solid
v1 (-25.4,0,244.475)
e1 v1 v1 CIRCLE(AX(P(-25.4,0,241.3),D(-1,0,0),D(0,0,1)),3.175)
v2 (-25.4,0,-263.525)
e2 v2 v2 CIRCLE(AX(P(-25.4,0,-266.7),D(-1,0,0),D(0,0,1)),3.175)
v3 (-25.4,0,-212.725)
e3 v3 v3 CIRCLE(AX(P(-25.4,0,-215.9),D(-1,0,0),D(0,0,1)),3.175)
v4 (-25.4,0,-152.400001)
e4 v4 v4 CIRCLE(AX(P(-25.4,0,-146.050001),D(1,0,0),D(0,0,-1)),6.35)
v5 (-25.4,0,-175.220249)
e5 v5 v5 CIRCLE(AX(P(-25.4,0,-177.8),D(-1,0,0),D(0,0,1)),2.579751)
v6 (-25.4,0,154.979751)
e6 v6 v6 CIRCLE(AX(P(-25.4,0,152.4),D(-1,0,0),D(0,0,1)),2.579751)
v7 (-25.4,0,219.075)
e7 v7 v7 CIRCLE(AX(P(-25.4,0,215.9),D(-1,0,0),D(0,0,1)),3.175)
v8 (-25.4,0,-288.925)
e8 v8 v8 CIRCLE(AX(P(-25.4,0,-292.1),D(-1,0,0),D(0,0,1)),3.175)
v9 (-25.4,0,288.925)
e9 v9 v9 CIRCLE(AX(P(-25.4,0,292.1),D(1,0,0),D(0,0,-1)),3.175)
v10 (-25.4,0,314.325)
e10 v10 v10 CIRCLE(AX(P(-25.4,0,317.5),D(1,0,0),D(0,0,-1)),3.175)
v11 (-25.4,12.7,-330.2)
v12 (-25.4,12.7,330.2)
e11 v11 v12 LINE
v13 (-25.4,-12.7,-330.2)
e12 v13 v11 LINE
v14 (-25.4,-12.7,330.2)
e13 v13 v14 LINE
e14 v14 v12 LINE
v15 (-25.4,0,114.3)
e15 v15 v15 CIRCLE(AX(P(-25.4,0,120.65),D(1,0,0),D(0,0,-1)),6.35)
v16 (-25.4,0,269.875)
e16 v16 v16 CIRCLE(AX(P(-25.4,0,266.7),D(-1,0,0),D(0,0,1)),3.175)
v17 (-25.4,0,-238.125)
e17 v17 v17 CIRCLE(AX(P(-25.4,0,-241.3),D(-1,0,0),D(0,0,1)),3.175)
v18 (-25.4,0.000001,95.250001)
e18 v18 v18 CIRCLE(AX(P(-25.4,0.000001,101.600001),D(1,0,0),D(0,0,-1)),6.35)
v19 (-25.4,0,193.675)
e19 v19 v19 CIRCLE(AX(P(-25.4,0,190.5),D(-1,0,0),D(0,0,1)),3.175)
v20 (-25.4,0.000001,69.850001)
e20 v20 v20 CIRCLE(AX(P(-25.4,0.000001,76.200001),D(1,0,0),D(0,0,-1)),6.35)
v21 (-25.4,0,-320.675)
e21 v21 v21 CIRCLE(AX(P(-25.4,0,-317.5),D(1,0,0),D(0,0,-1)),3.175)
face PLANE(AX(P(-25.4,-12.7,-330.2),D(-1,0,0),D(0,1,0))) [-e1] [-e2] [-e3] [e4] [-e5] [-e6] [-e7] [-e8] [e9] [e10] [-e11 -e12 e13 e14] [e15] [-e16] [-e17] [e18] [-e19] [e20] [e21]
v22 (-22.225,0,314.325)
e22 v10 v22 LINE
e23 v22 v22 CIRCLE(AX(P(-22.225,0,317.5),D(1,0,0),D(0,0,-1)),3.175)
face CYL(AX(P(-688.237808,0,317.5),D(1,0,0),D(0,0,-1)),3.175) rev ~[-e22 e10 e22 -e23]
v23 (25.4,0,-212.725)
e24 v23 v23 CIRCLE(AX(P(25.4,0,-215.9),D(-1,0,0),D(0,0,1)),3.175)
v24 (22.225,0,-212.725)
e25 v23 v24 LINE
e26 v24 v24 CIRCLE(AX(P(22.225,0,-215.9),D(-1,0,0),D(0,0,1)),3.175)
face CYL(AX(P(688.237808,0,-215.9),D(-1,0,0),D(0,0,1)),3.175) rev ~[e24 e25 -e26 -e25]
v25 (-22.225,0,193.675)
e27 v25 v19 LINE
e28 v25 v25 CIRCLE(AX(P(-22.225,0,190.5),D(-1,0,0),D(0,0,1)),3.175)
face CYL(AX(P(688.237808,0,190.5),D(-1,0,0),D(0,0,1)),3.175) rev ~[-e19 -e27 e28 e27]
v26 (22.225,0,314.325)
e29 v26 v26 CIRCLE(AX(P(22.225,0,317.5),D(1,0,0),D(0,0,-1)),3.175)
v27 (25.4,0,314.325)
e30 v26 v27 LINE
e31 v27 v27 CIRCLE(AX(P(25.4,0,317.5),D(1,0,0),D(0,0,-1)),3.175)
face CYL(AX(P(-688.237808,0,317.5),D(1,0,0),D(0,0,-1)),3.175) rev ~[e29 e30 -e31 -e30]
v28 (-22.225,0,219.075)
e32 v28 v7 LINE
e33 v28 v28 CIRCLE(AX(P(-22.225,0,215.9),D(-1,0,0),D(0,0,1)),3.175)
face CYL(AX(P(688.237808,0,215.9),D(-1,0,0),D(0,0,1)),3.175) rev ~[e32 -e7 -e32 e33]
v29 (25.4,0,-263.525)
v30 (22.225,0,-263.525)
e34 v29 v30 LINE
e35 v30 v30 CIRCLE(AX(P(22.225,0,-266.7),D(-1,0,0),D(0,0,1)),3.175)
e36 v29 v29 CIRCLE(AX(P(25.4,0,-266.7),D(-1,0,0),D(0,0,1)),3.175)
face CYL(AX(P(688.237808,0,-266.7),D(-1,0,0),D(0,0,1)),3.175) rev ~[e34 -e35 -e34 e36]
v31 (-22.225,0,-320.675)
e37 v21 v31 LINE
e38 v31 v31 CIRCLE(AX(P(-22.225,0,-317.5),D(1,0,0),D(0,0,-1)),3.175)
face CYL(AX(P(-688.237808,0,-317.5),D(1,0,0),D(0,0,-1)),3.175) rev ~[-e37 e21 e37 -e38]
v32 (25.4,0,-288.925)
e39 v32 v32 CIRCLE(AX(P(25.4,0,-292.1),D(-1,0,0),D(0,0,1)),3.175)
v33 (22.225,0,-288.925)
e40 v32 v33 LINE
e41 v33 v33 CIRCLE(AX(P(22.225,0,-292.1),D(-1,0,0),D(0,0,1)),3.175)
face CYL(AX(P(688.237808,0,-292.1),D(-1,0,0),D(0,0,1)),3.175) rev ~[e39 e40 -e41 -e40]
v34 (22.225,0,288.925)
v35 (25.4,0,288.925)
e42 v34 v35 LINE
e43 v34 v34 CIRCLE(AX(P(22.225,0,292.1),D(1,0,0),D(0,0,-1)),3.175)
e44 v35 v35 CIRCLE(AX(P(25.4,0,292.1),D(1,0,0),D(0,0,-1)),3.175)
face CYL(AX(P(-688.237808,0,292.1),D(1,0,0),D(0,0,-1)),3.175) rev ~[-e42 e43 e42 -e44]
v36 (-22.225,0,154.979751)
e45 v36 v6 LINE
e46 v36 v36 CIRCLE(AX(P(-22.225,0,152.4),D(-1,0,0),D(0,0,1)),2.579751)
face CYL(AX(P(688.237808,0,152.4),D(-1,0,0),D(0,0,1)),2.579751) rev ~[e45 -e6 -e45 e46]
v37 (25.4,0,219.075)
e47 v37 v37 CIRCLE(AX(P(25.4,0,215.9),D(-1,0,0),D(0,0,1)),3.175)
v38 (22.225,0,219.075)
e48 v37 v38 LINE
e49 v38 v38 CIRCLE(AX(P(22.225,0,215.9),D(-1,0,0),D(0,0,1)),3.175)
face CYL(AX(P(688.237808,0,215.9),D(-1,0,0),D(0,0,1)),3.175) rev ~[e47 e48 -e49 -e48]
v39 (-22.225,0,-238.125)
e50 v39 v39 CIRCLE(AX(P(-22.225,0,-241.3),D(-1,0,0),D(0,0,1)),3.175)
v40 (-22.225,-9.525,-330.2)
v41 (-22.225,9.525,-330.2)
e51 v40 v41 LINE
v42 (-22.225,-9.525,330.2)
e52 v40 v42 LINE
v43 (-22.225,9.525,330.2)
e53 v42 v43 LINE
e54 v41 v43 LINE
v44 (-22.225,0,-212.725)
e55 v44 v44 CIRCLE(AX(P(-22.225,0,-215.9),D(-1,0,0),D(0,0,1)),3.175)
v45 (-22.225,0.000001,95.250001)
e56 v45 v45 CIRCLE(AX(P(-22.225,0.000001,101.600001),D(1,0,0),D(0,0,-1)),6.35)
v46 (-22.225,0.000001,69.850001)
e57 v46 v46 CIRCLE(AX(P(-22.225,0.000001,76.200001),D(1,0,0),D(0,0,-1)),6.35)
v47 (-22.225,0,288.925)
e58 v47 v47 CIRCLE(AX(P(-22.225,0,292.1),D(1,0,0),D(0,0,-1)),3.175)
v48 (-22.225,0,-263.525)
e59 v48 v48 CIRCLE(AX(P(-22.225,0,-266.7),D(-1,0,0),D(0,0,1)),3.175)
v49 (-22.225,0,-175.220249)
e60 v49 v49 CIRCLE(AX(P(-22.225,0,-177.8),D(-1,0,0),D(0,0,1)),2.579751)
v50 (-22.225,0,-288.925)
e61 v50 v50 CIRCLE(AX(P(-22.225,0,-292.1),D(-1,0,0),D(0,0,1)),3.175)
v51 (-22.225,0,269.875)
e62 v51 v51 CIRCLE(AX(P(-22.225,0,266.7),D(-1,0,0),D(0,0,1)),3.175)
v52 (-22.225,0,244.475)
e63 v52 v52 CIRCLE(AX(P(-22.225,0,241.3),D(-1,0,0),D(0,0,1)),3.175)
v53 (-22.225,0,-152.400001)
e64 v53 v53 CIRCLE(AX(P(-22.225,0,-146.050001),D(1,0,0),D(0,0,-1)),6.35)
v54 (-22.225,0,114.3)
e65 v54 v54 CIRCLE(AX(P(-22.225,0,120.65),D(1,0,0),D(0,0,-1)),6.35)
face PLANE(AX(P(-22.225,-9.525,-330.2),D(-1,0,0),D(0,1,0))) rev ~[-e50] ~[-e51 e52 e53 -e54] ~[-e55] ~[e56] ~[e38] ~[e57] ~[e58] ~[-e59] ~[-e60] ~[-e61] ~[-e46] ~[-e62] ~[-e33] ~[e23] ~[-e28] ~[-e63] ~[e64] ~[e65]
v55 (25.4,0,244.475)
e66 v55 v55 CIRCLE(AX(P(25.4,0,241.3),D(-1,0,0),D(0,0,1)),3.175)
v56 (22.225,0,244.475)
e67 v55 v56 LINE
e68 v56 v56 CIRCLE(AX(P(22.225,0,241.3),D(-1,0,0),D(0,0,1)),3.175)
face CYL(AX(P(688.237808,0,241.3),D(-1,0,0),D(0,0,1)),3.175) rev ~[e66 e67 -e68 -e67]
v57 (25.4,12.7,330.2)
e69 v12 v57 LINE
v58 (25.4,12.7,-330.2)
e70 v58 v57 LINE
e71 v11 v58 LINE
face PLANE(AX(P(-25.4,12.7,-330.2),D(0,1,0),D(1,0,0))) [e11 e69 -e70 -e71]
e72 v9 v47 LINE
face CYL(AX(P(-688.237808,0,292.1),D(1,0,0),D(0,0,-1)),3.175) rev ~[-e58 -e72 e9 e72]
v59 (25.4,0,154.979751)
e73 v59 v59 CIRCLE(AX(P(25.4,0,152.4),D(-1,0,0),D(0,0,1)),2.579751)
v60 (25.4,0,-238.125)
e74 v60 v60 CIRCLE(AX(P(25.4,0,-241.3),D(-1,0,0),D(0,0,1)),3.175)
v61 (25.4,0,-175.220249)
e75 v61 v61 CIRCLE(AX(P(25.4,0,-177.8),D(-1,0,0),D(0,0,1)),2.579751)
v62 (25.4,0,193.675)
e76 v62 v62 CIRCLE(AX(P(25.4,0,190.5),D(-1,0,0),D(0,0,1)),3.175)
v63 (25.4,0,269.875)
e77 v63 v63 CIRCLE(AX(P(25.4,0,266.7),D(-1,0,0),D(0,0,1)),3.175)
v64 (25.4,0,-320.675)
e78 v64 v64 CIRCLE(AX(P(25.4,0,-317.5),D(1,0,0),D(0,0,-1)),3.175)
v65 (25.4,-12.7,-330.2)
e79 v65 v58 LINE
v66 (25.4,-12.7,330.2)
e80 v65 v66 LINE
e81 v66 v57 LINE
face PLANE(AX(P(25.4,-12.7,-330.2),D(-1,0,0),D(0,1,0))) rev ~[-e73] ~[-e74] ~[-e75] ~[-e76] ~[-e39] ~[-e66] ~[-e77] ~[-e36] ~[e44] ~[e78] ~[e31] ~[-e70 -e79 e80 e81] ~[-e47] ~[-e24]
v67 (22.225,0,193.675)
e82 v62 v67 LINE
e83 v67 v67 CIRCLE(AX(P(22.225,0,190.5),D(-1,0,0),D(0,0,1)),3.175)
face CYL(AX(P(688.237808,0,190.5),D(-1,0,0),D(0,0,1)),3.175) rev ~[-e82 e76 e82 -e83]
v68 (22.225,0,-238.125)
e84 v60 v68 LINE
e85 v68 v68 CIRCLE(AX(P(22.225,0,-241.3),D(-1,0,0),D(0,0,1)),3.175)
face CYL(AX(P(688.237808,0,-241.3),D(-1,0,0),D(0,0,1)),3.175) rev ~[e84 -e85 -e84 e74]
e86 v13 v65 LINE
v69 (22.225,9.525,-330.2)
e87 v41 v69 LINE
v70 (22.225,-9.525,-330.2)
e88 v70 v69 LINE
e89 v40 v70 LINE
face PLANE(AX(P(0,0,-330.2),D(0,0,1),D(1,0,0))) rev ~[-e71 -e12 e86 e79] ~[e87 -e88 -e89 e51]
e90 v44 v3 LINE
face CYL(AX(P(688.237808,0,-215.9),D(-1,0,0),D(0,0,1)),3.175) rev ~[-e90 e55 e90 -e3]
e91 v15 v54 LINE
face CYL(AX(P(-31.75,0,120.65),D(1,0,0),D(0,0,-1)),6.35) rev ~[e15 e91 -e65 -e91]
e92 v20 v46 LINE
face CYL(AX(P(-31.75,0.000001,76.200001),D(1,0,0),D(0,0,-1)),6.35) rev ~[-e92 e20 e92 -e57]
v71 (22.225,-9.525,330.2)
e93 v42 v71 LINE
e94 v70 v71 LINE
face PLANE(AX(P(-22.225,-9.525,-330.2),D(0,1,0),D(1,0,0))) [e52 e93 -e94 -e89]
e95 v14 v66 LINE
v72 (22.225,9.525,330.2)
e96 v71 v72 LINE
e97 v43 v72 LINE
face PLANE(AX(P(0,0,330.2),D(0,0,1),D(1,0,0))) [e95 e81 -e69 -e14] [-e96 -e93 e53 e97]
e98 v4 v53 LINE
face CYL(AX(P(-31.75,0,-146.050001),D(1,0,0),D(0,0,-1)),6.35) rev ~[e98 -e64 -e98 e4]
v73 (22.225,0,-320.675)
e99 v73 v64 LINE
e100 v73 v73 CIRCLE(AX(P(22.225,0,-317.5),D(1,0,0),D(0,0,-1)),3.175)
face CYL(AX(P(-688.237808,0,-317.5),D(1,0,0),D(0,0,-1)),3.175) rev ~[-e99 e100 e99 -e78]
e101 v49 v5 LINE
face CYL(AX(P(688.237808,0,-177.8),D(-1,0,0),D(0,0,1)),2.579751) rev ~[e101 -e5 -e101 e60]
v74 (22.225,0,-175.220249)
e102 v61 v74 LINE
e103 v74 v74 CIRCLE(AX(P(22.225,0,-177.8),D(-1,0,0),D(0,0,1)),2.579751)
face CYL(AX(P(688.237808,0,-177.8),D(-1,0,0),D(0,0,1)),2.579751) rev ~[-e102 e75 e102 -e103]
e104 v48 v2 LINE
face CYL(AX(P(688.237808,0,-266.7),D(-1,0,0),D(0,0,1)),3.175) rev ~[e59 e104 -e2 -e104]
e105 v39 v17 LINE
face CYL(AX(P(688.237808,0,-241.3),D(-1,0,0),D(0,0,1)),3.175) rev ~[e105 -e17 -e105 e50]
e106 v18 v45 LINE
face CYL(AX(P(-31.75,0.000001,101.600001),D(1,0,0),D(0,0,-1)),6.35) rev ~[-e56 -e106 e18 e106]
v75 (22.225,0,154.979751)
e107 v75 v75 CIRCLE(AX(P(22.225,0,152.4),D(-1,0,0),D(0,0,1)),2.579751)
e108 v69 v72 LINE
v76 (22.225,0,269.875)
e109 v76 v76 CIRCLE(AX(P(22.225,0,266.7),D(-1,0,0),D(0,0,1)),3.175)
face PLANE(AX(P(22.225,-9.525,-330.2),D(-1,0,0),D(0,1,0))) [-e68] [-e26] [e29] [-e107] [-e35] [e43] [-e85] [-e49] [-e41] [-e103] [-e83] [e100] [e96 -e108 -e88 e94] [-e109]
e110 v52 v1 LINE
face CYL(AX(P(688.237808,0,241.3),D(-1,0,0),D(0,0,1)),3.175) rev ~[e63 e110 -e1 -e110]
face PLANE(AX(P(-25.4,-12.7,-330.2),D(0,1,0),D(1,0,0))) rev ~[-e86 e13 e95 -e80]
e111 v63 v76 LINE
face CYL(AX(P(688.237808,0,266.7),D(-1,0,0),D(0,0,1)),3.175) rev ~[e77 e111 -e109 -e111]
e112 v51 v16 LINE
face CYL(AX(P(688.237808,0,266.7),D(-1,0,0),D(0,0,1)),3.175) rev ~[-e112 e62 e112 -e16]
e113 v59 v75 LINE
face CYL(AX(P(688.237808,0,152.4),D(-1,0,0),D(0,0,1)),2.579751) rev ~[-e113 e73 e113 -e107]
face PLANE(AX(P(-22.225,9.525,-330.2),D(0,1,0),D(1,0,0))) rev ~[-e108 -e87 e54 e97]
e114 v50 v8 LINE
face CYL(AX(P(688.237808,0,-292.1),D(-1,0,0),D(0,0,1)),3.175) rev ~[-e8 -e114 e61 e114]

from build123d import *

# Parameters (mm, degrees)
BOSS_EXTRUDE1_DEPTH              = 330.2
BOSS_EXTRUDE1_DEPTH_BACK         = 330.2
SKETCH3_W                        = 50.8
SKETCH3_H                        = 25.4
SKETCH3_W_2                      = 44.45
SKETCH3_H_2                      = 19.05
F_1_4_0_25_DIAMETER_HOLE3_D      = 6.35
F_1_4_0_25_DIAMETER_HOLE4_D      = 6.35
F_1_4_0_25_DIAMETER_HOLE5_D      = 6.35
F_1_4_0_25_DIAMETER_HOLE6_D      = 6.35
F_1_4_0_25_DIAMETER_HOLE7_D      = 6.35
F_1_4_0_25_DIAMETER_HOLE8_D      = 6.35
F_13_64_0_20313_DIAMETER_HOLE1_D = 5.159502
F_1_2_0_5_DIAMETER_HOLE1_D       = 12.7
F_1_2_0_5_DIAMETER_HOLE1_DEPTH   = 6.35
F_1_2_0_5_DIAMETER_HOLE1_TIP     = 3.815464931


with BuildPart() as part:
    # Sketch3 → Boss-Extrude1 (new, two sides: drawn at the far end of the back side and taken through both)
    with BuildSketch(Plane.XY.offset(-BOSS_EXTRUDE1_DEPTH_BACK)):
        Rectangle(SKETCH3_W, SKETCH3_H)
        Rectangle(SKETCH3_W_2, SKETCH3_H_2, mode=Mode.SUBTRACT)
    extrude(amount=BOSS_EXTRUDE1_DEPTH + BOSS_EXTRUDE1_DEPTH_BACK)

    # 1/4 (0.25) Diameter Hole3 (through all)
    with Locations(Plane.ZY.offset(25.4)):
        with Locations((-317.5, 0)):
            Hole(F_1_4_0_25_DIAMETER_HOLE3_D / 2)

    # 1/4 (0.25) Diameter Hole4 (through all)
    with Locations(Plane.ZY.offset(25.4)):
        with Locations((292.1, 0), (317.5, 0)):
            Hole(F_1_4_0_25_DIAMETER_HOLE4_D / 2)

    # 1/4 (0.25) Diameter Hole5 (through all)
    with Locations(Plane(origin=(25.4, 0, 0), x_dir=(0, 0, -1), z_dir=(1, 0, 0))):
        with Locations((292.1, 0), (266.7, 0)):
            Hole(F_1_4_0_25_DIAMETER_HOLE5_D / 2)

    # 1/4 (0.25) Diameter Hole6 (through all)
    with Locations(Plane(origin=(25.4, 0, 0), x_dir=(0, 0, -1), z_dir=(1, 0, 0))):
        with Locations((215.9, 0), (241.3, 0)):
            Hole(F_1_4_0_25_DIAMETER_HOLE6_D / 2)

    # 1/4 (0.25) Diameter Hole7 (through all)
    with Locations(Plane(origin=(25.4, 0, 0), x_dir=(0, 0, -1), z_dir=(1, 0, 0))):
        with Locations((-190.5, 0), (-215.9, 0)):
            Hole(F_1_4_0_25_DIAMETER_HOLE7_D / 2)

    # 1/4 (0.25) Diameter Hole8 (through all)
    with Locations(Plane(origin=(25.4, 0, 0), x_dir=(0, 0, -1), z_dir=(1, 0, 0))):
        with Locations((-266.7, 0), (-241.3, 0)):
            Hole(F_1_4_0_25_DIAMETER_HOLE8_D / 2)

    # 13/64 (0.20313) Diameter Hole1 (through all)
    with Locations(Plane(origin=(25.4, 0, 0), x_dir=(0, 0, -1), z_dir=(1, 0, 0))):
        with Locations((-152.4, 0), (177.8, 0)):
            Hole(F_13_64_0_20313_DIAMETER_HOLE1_D / 2)

    # 1/2 (0.5) Diameter Hole1
    with Locations(Plane.ZY.offset(25.4)):
        with Locations((-146.050000508, 4.9e-08), (120.65, 1.7e-08), (101.600001492, 7.77e-07), (76.200001492, 7.03e-07)):
            Hole(F_1_2_0_5_DIAMETER_HOLE1_D / 2, depth=F_1_2_0_5_DIAMETER_HOLE1_DEPTH)
            with Locations((0, 0, -(F_1_2_0_5_DIAMETER_HOLE1_DEPTH + F_1_2_0_5_DIAMETER_HOLE1_TIP / 2))):  # 118° drill point
                Cone(0, F_1_2_0_5_DIAMETER_HOLE1_D / 2, F_1_2_0_5_DIAMETER_HOLE1_TIP, mode=Mode.SUBTRACT)


solid = part.part
